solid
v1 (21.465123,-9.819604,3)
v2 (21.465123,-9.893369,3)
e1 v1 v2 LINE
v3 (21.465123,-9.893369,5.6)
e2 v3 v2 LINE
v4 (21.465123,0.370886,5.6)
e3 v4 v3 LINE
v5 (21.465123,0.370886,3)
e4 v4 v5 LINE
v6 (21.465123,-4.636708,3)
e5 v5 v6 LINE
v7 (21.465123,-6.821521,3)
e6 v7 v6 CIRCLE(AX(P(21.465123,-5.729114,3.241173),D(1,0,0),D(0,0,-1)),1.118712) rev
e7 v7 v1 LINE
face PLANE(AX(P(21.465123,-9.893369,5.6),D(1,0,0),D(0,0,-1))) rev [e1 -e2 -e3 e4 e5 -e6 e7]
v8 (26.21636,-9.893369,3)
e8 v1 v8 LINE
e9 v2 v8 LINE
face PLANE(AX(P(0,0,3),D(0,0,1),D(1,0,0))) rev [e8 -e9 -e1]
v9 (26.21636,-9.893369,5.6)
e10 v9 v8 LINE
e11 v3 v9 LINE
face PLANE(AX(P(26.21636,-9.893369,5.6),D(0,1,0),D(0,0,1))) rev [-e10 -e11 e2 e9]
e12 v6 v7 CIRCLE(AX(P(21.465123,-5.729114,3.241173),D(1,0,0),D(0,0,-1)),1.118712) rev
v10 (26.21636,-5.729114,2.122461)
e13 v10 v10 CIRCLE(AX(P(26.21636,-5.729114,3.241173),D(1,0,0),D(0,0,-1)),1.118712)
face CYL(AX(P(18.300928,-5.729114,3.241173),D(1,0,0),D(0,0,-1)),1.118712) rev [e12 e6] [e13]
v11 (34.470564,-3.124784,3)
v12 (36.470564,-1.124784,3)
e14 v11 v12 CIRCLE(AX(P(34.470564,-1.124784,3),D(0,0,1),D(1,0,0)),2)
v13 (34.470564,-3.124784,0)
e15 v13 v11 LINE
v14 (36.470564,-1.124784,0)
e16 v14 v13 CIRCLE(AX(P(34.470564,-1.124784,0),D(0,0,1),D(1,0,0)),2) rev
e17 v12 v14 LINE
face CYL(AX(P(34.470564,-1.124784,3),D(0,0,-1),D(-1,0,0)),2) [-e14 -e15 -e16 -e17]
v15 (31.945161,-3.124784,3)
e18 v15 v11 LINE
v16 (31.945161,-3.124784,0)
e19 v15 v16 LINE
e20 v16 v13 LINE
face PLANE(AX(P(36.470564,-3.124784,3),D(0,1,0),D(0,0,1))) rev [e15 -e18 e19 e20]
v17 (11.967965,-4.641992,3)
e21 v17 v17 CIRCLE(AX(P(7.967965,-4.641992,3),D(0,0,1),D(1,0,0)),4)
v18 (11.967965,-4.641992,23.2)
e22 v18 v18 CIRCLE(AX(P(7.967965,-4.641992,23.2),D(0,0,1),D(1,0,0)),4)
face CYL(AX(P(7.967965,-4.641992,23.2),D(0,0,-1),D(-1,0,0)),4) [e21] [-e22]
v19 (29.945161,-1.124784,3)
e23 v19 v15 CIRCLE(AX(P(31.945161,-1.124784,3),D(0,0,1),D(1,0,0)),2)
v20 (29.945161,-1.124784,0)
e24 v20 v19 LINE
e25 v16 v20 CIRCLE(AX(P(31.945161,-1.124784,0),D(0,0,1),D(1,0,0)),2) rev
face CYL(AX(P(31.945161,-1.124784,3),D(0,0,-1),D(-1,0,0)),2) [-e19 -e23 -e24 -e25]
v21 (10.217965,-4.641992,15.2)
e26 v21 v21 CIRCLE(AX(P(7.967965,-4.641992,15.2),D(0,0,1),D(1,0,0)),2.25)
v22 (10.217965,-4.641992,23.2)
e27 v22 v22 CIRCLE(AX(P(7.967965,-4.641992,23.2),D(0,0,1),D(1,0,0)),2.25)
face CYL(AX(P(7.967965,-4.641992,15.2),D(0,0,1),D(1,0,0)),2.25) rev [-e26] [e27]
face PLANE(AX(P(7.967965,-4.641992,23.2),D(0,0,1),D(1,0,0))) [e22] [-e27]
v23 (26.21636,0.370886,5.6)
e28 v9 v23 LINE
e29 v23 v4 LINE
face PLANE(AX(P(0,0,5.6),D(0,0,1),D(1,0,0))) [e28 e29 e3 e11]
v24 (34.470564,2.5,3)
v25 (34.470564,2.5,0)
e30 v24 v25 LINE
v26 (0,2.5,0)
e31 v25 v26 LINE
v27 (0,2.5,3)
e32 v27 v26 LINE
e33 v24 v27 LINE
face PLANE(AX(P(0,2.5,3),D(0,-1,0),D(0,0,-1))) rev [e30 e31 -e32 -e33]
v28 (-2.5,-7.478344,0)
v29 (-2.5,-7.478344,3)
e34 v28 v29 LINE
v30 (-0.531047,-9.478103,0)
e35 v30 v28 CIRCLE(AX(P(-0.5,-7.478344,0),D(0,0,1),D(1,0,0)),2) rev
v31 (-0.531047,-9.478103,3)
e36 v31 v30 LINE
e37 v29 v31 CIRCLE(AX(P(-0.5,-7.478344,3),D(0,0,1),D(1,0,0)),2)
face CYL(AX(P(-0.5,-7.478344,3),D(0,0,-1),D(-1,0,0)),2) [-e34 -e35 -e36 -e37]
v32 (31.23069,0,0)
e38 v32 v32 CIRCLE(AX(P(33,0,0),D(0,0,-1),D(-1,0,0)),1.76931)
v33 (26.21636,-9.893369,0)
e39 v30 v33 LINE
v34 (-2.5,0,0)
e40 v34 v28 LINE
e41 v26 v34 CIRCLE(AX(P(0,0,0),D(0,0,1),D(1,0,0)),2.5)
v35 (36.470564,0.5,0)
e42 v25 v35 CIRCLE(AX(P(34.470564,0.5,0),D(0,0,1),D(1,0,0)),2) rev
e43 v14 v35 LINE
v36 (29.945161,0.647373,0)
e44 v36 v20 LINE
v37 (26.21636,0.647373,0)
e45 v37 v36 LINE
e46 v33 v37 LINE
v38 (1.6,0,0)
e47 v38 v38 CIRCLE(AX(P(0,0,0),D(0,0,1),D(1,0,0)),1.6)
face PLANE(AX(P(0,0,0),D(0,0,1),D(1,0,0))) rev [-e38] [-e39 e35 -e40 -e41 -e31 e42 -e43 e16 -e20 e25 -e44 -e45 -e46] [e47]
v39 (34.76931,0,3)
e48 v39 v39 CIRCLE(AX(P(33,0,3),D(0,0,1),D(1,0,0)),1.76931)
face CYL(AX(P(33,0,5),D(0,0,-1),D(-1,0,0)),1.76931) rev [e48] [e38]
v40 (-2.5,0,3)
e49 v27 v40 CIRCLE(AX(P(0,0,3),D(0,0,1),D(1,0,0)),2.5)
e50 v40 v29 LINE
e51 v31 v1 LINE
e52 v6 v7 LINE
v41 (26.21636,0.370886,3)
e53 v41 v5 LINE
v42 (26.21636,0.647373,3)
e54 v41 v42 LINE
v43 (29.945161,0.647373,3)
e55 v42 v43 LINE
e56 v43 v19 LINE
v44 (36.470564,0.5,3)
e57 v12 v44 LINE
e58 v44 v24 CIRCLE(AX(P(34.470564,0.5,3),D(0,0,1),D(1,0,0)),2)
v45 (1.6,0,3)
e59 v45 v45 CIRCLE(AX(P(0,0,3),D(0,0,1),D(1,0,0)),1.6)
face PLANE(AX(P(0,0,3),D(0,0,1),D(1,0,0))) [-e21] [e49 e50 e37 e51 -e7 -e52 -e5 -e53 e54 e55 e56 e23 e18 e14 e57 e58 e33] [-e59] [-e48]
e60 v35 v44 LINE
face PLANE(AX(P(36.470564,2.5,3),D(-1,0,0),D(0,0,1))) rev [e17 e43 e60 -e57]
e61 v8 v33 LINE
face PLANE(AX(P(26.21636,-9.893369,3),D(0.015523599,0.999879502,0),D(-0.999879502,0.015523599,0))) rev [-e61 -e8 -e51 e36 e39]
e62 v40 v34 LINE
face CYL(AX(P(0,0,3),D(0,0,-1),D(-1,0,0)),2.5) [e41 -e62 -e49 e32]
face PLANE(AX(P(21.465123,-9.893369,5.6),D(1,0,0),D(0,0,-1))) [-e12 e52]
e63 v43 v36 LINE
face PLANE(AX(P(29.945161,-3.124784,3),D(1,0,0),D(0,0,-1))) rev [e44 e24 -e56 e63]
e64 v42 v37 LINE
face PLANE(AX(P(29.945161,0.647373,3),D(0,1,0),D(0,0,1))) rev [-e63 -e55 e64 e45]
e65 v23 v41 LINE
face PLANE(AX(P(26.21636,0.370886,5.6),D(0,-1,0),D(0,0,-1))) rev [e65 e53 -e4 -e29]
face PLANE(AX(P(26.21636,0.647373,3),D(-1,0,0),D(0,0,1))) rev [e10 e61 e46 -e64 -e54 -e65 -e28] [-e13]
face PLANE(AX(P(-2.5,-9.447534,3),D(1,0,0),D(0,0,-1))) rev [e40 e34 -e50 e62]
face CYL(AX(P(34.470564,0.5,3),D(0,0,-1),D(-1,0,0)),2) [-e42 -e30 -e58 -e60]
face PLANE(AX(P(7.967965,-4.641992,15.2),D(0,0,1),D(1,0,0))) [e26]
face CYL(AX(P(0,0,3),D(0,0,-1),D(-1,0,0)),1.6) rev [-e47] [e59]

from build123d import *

# Parameters (mm, degrees)
SKETCH1_R           = 1.6
BOSS_EXTRUDE1_DEPTH = 3
SKETCH2_W           = 4.751236483
SKETCH2_H           = 10.264254991
BOSS_EXTRUDE2_DEPTH = 2.6
SKETCH3_R           = 1.118711993
CUT_EXTRUDE1_DEPTH  = 4.751236483
SKETCH4_R           = 1.769310005
CUT_EXTRUDE2_DEPTH  = 5
SKETCH6_R           = 4
BOSS_EXTRUDE3_DEPTH = 20.2
SKETCH7_R           = 2.25
CUT_EXTRUDE3_DEPTH  = 8
FILLET1_R           = 2


with BuildPart() as part:
    # Sketch1 → Boss-Extrude1 (new body)
    with BuildSketch(Plane.XY):
        with BuildLine():
            Line((0, 2.5), (36.470564138, 2.5))
            Line((36.470564138, 2.5), (36.470564138, -3.124783652))
            Line((36.470564138, -3.124783652), (29.945161274, -3.124783652))
            Line((29.945161274, -3.124783652), (29.945161274, 0.647373355))
            Line((29.945161274, 0.647373355), (26.216359637, 0.647373355))
            Line((26.216359637, 0.647373355), (26.216359637, -9.893369232))
            Line((26.216359637, -9.893369232), (-2.5, -9.447534254))
            Line((-2.5, -9.447534254), (-2.5, 0))
            ThreePointArc((-2.5, 0), (-1.767766953, 1.767766953), (0, 2.5))
        make_face()
        Circle(SKETCH1_R, mode=Mode.SUBTRACT)
    extrude(amount=BOSS_EXTRUDE1_DEPTH)

    # Sketch2 → Boss-Extrude2 (add)
    with BuildSketch(Plane.XY.offset(3)):
        with Locations((23.840741396, -4.761241737)):
            Rectangle(SKETCH2_W, SKETCH2_H)
    extrude(amount=BOSS_EXTRUDE2_DEPTH)

    # Sketch3 → Cut-Extrude1 (cut)
    with BuildSketch(Plane(origin=(26.216359637, 0, 0), x_dir=(0, 0, -1), z_dir=(1, 0, 0))):
        with Locations((-3.241173045, -5.729114241)):
            Circle(SKETCH3_R)
    extrude(amount=-CUT_EXTRUDE1_DEPTH, mode=Mode.SUBTRACT)

    # Sketch4 → Cut-Extrude2 (cut)
    with BuildSketch(Plane(origin=(0, 0, 0), x_dir=(-1, 0, 0), z_dir=(0, 0, -1))):
        with Locations((-33, 0)):
            Circle(SKETCH4_R)
    extrude(amount=-CUT_EXTRUDE2_DEPTH, mode=Mode.SUBTRACT)

    # Sketch6 → Boss-Extrude3 (add)
    with BuildSketch(Plane.XY.offset(3)):
        with Locations((7.967965429, -4.6419924)):
            Circle(SKETCH6_R)
    extrude(amount=BOSS_EXTRUDE3_DEPTH)

    # Sketch7 → Cut-Extrude3 (cut)
    with BuildSketch(Plane.XY.offset(23.2)):
        with Locations((7.967965429, -4.6419924)):
            Circle(SKETCH7_R)
    extrude(amount=-CUT_EXTRUDE3_DEPTH, mode=Mode.SUBTRACT)

    # Fillet1
    fillet1_edges = [part.edges().sort_by_distance(p)[0] for p in [
        (36.470564138, 2.5, 1.5),
        (36.470564138, -3.124783652, 1.5),
        (29.945161274, -3.124783652, 1.5),
        (-2.5, -9.447534254, 1.5),
    ]]
    fillet(fillet1_edges, radius=FILLET1_R)


solid = part.part
